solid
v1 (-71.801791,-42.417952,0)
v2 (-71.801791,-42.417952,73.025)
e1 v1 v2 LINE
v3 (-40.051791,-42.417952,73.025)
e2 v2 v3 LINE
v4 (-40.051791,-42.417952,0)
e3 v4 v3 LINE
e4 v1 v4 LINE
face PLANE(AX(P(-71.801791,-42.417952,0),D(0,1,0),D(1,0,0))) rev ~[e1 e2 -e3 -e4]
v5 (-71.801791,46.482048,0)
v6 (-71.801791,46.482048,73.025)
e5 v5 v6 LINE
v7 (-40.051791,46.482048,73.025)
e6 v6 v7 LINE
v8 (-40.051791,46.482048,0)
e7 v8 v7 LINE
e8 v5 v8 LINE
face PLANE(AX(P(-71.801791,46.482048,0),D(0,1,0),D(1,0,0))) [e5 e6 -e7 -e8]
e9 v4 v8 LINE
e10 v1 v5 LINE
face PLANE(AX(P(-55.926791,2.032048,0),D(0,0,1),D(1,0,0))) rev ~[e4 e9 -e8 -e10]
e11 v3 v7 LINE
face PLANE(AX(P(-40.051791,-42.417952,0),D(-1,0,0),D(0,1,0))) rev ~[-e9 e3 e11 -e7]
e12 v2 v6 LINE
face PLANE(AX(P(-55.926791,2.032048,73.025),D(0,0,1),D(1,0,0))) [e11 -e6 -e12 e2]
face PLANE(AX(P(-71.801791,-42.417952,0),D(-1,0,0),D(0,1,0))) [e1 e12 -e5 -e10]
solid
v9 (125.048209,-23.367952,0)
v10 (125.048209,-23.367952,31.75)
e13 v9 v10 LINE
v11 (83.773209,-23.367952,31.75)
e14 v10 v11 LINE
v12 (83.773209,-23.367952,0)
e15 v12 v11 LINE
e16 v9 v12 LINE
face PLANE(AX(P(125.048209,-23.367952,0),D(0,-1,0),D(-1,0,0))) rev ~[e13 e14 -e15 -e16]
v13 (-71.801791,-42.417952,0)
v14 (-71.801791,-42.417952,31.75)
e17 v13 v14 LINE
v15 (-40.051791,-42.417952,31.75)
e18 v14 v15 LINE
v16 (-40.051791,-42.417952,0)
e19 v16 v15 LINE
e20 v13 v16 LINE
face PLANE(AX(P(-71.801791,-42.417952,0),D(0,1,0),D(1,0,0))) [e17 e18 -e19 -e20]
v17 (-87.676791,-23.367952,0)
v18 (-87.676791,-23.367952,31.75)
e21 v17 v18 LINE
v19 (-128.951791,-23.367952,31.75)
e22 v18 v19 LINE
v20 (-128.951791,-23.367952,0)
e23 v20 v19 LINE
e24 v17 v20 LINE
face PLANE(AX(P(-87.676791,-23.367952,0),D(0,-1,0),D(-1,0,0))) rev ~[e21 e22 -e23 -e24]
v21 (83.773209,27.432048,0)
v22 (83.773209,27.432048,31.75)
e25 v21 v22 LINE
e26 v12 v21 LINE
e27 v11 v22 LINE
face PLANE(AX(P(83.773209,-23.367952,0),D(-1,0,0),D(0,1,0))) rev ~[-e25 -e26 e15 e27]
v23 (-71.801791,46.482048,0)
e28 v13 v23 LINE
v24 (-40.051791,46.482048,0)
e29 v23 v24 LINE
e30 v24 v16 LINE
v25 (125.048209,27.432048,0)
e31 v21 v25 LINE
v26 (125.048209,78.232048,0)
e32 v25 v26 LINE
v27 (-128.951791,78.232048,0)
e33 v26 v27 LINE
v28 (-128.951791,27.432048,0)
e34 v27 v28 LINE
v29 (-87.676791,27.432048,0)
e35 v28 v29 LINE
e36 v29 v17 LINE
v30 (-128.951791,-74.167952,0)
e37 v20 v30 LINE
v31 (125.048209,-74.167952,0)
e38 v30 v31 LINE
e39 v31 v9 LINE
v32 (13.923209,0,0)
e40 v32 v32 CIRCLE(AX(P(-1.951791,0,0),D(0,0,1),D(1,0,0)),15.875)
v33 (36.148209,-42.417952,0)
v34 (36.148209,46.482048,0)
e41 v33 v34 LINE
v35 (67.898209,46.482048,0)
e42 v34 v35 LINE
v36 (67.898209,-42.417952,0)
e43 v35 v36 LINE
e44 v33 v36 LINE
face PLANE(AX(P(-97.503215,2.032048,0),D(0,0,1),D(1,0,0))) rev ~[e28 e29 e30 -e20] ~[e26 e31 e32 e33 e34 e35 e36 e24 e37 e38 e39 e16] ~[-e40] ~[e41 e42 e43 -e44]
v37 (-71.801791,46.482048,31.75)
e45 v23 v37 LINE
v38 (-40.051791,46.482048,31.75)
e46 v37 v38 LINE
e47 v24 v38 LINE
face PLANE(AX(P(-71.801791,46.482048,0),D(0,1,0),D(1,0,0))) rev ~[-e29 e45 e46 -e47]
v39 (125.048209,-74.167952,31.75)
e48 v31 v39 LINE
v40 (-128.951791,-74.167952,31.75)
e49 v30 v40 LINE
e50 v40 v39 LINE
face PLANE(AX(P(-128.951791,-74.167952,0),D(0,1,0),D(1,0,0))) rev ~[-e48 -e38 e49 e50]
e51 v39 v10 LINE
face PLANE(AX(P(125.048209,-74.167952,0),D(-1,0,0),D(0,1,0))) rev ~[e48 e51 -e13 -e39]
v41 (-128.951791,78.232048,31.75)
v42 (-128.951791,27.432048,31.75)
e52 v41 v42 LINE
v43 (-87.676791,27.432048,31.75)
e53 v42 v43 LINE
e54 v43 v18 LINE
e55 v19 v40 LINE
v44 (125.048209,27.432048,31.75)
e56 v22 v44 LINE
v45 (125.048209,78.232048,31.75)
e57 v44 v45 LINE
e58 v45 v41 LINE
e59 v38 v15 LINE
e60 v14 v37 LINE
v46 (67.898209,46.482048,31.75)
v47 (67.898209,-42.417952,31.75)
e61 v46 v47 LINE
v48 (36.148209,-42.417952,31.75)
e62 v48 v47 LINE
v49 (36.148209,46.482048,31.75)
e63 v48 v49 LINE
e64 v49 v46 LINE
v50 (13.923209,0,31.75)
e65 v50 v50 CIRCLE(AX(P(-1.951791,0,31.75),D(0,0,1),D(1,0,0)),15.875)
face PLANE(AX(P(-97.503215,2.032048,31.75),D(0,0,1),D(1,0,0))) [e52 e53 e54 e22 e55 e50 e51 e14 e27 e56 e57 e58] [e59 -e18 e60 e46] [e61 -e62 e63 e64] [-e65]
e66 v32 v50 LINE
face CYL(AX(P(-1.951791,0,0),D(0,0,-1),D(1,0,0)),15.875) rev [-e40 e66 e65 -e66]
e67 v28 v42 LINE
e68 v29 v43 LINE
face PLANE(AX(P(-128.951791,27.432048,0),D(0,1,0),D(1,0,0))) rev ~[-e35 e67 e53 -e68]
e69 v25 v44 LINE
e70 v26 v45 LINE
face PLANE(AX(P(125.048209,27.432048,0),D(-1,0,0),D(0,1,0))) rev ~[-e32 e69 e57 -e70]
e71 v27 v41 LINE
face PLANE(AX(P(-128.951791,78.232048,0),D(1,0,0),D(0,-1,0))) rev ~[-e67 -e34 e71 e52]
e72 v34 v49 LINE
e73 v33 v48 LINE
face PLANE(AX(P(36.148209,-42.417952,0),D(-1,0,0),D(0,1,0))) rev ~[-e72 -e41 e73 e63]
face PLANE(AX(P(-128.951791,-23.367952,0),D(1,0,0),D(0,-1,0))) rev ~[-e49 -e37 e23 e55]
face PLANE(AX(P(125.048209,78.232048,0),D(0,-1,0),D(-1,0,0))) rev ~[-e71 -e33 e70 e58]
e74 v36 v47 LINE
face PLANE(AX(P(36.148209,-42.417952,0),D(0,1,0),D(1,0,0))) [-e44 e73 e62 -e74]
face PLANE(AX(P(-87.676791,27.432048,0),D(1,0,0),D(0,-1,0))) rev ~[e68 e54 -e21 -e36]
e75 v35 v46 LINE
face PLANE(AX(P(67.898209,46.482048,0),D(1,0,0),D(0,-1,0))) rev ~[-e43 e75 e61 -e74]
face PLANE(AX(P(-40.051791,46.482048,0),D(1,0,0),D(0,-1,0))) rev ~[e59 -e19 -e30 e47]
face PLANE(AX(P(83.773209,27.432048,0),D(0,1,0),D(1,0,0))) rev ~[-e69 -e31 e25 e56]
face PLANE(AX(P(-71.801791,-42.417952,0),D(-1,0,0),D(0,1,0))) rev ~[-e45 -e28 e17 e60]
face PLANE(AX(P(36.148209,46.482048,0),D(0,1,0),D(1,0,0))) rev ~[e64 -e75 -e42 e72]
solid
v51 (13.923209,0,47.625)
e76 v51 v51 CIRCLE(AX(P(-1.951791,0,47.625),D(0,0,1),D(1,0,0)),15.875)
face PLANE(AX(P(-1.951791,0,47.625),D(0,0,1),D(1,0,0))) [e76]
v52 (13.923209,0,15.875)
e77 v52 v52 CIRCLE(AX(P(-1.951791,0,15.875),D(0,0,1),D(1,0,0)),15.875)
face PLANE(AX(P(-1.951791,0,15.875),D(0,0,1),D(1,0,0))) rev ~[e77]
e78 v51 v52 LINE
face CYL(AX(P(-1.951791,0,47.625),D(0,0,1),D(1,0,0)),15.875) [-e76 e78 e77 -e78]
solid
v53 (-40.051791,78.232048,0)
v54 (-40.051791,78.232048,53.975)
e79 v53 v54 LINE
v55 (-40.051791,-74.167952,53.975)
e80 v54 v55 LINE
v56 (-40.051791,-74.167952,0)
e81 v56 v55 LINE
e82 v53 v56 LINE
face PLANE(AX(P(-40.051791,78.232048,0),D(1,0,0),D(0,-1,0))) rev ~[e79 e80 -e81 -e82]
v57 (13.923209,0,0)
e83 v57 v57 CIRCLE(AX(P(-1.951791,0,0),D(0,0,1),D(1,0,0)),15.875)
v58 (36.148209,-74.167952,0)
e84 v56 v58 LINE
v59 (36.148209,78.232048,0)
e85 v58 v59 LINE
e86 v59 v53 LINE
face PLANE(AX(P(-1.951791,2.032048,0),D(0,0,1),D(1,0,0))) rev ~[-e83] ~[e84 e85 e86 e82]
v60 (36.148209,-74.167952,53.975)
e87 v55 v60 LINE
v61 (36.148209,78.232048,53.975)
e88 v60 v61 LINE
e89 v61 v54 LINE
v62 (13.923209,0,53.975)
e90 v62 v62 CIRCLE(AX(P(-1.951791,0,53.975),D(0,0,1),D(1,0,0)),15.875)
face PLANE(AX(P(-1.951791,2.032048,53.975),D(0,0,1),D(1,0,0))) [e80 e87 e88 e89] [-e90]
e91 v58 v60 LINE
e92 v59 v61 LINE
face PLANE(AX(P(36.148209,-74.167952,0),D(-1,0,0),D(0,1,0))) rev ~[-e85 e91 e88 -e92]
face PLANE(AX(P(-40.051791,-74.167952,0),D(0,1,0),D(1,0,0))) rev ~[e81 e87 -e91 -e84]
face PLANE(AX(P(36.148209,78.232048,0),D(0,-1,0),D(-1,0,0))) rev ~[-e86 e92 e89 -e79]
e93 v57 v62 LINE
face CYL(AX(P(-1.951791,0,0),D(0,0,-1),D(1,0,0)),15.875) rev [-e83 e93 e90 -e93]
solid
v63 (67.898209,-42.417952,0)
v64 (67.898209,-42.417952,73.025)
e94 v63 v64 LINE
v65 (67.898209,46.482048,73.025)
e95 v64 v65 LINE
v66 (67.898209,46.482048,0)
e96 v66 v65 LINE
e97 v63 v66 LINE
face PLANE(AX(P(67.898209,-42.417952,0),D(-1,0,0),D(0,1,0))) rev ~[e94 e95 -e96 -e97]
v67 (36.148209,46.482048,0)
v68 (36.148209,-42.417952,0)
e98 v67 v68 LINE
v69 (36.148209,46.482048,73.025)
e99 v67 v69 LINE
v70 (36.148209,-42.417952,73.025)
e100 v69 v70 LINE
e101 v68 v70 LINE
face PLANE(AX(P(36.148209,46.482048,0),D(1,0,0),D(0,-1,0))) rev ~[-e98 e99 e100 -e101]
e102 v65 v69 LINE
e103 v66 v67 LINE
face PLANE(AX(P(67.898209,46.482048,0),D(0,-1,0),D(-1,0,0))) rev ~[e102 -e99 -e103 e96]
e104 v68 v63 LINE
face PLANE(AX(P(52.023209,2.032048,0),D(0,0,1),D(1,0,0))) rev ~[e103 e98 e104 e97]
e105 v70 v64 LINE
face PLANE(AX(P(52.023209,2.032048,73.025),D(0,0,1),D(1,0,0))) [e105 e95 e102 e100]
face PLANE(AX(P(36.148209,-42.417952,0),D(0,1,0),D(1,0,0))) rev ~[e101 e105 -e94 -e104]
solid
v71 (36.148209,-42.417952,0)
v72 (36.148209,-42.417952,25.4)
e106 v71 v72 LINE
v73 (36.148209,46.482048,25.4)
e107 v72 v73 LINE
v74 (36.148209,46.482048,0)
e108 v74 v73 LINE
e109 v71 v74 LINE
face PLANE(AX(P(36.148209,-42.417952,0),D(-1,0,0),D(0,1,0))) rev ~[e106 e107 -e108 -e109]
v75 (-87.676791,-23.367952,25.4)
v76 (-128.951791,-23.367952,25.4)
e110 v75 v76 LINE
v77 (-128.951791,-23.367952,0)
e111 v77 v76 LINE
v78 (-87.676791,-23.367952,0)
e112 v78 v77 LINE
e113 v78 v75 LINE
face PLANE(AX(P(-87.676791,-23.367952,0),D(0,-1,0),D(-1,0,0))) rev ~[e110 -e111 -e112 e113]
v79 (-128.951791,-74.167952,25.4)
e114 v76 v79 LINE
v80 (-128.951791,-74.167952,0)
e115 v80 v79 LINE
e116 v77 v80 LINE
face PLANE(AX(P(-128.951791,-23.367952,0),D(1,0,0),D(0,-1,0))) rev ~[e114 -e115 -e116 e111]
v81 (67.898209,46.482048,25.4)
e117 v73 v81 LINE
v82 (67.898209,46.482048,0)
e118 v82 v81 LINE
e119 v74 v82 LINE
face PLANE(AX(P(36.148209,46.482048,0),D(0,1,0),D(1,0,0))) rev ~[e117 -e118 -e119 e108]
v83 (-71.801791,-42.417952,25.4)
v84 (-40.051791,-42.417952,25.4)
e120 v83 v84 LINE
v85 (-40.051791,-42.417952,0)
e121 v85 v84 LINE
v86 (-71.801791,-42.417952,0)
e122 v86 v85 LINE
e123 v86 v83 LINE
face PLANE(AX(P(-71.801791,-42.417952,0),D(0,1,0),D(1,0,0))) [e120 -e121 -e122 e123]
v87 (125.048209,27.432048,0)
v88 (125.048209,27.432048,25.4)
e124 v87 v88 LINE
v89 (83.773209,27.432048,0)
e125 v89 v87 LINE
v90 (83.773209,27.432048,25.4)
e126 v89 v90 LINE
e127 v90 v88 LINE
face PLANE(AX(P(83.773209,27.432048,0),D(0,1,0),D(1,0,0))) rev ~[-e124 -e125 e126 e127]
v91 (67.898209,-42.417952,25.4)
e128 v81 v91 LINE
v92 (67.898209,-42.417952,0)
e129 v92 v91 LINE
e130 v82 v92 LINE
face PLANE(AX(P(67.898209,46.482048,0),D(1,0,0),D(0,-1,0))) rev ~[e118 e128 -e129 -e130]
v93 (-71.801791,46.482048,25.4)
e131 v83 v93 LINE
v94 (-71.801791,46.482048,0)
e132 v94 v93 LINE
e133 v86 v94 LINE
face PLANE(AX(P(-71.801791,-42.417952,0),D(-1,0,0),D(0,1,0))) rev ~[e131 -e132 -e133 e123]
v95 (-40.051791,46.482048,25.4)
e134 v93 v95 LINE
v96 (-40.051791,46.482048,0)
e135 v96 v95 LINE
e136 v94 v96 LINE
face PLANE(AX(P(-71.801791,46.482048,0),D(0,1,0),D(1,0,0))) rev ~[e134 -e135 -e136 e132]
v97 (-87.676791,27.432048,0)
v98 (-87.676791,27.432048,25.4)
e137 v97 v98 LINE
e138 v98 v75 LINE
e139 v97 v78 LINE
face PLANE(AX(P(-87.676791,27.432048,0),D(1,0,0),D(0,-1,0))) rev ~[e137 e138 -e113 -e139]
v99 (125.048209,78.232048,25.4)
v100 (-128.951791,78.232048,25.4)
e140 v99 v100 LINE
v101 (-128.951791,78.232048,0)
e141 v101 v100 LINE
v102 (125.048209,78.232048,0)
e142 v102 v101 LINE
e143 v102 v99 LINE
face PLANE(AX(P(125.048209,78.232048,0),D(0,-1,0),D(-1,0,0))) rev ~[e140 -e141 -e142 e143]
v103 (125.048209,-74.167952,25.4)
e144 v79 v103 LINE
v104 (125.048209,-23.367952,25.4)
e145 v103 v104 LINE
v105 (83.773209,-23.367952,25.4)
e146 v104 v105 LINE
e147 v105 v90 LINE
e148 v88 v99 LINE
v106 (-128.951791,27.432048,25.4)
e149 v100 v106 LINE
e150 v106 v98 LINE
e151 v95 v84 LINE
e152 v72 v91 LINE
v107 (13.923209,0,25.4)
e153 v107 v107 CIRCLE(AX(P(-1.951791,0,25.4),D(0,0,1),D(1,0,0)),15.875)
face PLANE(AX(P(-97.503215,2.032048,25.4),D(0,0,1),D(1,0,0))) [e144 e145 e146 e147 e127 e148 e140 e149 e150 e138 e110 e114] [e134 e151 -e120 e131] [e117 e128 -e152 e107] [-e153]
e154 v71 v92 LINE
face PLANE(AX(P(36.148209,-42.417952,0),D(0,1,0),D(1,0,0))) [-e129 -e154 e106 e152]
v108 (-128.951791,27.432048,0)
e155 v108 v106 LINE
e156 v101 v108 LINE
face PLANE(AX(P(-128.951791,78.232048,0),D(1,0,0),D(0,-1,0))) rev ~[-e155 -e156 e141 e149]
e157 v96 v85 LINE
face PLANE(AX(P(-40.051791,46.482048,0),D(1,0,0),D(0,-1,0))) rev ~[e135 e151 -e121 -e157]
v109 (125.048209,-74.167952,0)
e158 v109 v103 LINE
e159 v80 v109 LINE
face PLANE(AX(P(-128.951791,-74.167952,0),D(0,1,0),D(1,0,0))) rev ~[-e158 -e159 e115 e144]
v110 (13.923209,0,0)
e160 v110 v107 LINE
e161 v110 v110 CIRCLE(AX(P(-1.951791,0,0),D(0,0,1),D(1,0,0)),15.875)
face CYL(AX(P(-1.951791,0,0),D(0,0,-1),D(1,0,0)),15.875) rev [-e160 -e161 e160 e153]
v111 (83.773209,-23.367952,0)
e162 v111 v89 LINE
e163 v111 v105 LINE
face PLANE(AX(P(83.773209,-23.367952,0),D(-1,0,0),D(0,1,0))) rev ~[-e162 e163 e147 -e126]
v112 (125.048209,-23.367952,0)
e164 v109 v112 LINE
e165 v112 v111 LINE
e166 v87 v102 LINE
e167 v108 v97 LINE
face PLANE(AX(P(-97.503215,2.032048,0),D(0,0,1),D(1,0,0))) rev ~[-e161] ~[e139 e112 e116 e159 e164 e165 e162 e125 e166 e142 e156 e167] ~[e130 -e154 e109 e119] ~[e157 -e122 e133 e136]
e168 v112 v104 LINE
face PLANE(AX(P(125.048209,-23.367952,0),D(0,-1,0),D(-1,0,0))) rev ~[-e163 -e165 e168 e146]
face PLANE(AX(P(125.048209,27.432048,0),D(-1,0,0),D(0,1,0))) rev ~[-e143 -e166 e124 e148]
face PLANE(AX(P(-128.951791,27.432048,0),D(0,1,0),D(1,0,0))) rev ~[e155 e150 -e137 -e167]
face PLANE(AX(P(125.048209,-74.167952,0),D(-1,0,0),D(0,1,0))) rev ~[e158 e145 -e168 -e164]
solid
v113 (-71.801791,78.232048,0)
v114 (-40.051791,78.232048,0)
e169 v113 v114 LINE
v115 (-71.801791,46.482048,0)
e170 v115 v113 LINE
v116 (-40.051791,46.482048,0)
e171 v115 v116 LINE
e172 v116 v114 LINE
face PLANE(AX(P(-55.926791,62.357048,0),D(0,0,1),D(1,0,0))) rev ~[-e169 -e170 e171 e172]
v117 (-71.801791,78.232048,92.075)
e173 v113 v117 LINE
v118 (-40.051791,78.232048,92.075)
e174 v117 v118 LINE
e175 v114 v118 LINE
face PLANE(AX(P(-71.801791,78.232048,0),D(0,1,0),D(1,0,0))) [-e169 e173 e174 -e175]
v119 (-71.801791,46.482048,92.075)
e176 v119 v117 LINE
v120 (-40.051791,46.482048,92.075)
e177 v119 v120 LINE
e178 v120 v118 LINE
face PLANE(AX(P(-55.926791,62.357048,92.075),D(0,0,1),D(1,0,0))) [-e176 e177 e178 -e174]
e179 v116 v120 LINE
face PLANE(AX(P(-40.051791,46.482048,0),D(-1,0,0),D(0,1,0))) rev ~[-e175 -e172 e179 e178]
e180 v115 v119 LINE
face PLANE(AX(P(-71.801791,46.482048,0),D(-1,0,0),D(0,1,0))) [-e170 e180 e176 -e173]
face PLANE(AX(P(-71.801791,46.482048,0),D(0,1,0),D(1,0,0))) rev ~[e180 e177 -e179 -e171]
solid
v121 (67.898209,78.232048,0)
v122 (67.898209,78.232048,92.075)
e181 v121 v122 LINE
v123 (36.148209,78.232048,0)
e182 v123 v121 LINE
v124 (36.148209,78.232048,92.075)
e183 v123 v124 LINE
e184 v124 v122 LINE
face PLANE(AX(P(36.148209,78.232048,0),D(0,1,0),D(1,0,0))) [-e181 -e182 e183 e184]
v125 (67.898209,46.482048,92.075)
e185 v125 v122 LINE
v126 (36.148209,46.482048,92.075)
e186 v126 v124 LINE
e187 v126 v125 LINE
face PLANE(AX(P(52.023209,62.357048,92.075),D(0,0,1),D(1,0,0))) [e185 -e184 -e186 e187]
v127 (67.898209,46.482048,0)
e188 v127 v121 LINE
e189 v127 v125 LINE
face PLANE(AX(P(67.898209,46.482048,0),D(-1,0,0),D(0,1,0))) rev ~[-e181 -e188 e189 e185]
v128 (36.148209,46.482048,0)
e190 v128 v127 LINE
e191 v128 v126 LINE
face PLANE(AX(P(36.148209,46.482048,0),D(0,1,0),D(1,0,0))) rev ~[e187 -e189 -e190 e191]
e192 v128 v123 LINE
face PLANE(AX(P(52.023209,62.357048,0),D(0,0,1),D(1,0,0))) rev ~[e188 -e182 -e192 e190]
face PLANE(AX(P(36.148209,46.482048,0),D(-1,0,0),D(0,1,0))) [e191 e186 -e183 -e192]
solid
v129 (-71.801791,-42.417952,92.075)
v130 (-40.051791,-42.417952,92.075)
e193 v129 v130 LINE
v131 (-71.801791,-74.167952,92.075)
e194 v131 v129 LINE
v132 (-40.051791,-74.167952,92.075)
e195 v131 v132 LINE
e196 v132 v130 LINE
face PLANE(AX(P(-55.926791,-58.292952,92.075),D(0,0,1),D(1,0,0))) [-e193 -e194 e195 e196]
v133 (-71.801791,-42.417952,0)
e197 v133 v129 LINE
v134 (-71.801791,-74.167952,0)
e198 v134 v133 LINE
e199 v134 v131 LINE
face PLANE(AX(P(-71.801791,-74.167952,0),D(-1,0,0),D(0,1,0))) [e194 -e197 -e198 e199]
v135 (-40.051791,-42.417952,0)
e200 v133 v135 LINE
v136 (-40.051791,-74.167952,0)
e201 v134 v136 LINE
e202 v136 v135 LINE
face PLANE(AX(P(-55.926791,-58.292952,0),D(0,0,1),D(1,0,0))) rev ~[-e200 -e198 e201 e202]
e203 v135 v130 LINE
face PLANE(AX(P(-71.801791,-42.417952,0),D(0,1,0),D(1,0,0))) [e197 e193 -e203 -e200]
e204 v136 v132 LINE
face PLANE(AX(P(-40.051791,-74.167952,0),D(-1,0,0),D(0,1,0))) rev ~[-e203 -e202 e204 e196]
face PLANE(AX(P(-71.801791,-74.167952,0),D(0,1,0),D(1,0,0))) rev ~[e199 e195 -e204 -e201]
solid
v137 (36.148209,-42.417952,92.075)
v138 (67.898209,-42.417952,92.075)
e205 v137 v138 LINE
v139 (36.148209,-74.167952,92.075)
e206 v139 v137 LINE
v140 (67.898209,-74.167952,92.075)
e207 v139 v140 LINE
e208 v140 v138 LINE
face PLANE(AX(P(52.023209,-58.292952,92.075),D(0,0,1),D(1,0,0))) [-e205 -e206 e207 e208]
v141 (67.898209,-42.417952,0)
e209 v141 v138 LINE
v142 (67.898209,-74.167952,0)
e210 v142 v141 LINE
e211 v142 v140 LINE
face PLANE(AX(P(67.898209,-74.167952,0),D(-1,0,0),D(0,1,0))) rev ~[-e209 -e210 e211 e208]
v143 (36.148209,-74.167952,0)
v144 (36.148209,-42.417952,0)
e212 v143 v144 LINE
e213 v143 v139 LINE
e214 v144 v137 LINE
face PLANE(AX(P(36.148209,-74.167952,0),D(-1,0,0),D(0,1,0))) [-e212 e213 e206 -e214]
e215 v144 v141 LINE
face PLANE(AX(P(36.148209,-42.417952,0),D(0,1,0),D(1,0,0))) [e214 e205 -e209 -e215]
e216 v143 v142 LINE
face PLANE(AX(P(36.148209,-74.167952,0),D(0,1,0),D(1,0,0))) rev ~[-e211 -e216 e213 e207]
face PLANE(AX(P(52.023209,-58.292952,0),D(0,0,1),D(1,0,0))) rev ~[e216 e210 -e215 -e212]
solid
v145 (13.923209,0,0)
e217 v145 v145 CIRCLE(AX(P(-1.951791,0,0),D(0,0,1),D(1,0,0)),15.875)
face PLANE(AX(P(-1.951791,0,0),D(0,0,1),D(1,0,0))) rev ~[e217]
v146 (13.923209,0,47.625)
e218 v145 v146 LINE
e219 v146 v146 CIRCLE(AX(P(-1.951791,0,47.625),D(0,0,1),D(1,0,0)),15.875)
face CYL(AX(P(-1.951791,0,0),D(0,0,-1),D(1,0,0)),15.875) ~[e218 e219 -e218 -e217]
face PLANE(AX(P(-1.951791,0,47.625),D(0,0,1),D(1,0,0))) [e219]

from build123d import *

# Parameters (mm, degrees)
F0_W     = 31.75
F0_H     = 31.75
F2_DEPTH = 92.075
F1_R     = 15.875
F3_DEPTH = 53.975
F0_R     = 15.875
F4_DEPTH = 31.75
F5_DEPTH = 25.4
F0_H_2   = 88.9
F6_DEPTH = 73.025
F7_DEPTH = 47.625
F8_DEPTH = 31.75


with BuildPart() as f2:
    # F0 (on Top) → F2 (new body)
    with BuildSketch(Plane.XY):
        with Locations((-55.9267913461, -58.2929519415)):
            Rectangle(F0_W, F0_H)
    extrude(amount=F2_DEPTH)


with BuildPart() as f2b:
    # F0 (on Top) → F2, piece 2 (new body)
    with BuildSketch(Plane.XY):
        with Locations((52.0232086539, 62.3570480585)):
            Rectangle(F0_W, F0_H)
    extrude(amount=F2_DEPTH)


with BuildPart() as f2c:
    # F0 (on Top) → F2, piece 3 (new body)
    with BuildSketch(Plane.XY):
        with Locations((52.0232086539, -58.2929519415)):
            Rectangle(F0_W, F0_H)
    extrude(amount=F2_DEPTH)


with BuildPart() as f2d:
    # F0 (on Top) → F2, piece 4 (new body)
    with BuildSketch(Plane.XY):
        with Locations((-55.9267913461, 62.3570480585)):
            Rectangle(F0_W, F0_H)
    extrude(amount=F2_DEPTH)


with BuildPart() as f3:
    # F1 (on face) → F3 (new body)
    with BuildSketch(Plane.XY):
        Polygon((36.1482086539, 78.2320480585), (-1.9517913461, 78.2320480585), (-40.0517913461, 78.2320480585), (-40.0517913461, 46.4820480585), (-40.0517913461, -42.4179519415), (-40.0517913461, -74.1679519415), (-1.9517913461, -74.1679519415), (36.1482086539, -74.1679519415), (36.1482086539, -42.4179519415), (36.1482086539, 0), (36.1482086539, 46.4820480585), align=None)
        with Locations((-1.9517913461, 0)):
            Circle(F1_R, mode=Mode.SUBTRACT)
    extrude(amount=F3_DEPTH)


with BuildPart() as f4:
    # F0 (on Top) → F4 (new body)
    with BuildSketch(Plane.XY):
        Polygon((-71.8017913461, 78.2320480585), (-128.9517913461, 78.2320480585), (-128.9517913461, 27.4320480585), (-87.6767913461, 27.4320480585), (-87.6767913461, -23.3679519415), (-128.9517913461, -23.3679519415), (-128.9517913461, -74.1679519415), (-71.8017913461, -74.1679519415), (-71.8017913461, -42.4179519415), (-71.8017913461, 46.4820480585), align=None)
        with Locations((-55.9267913461, 62.3570480585)):
            Rectangle(F0_W, F0_H)
        Polygon((-1.9517913461, 78.2320480585), (-40.0517913461, 78.2320480585), (-40.0517913461, 46.4820480585), (-40.0517913461, -42.4179519415), (-40.0517913461, -74.1679519415), (-1.9517913461, -74.1679519415), (36.1482086539, -74.1679519415), (36.1482086539, -42.4179519415), (36.1482086539, 0), (36.1482086539, 46.4820480585), (36.1482086539, 78.2320480585), align=None)
        with Locations((-1.9517913461, 0)):
            Circle(F0_R, mode=Mode.SUBTRACT)
        with Locations((-55.9267913461, -58.2929519415)):
            Rectangle(F0_W, F0_H)
        with Locations((52.0232086539, 62.3570480585)):
            Rectangle(F0_W, F0_H)
        Polygon((125.0482086539, 78.2320480585), (67.8982086539, 78.2320480585), (67.8982086539, 46.4820480585), (67.8982086539, -42.4179519415), (67.8982086539, -74.1679519415), (125.0482086539, -74.1679519415), (125.0482086539, -23.3679519415), (83.7732086539, -23.3679519415), (83.7732086539, 27.4320480585), (125.0482086539, 27.4320480585), align=None)
        with Locations((52.0232086539, -58.2929519415)):
            Rectangle(F0_W, F0_H)
    extrude(amount=F4_DEPTH)


with BuildPart() as f5:
    # F0 (on Top) → F5 (new body)
    with BuildSketch(Plane.XY):
        Polygon((-71.8017913461, 78.2320480585), (-128.9517913461, 78.2320480585), (-128.9517913461, 27.4320480585), (-87.6767913461, 27.4320480585), (-87.6767913461, -23.3679519415), (-128.9517913461, -23.3679519415), (-128.9517913461, -74.1679519415), (-71.8017913461, -74.1679519415), (-71.8017913461, -42.4179519415), (-71.8017913461, 46.4820480585), align=None)
        with Locations((-55.9267913461, 62.3570480585)):
            Rectangle(F0_W, F0_H)
        Polygon((-1.9517913461, 78.2320480585), (-40.0517913461, 78.2320480585), (-40.0517913461, 46.4820480585), (-40.0517913461, -42.4179519415), (-40.0517913461, -74.1679519415), (-1.9517913461, -74.1679519415), (36.1482086539, -74.1679519415), (36.1482086539, -42.4179519415), (36.1482086539, 0), (36.1482086539, 46.4820480585), (36.1482086539, 78.2320480585), align=None)
        with Locations((-1.9517913461, 0)):
            Circle(F0_R, mode=Mode.SUBTRACT)
        with Locations((-55.9267913461, -58.2929519415)):
            Rectangle(F0_W, F0_H)
        with Locations((52.0232086539, 62.3570480585)):
            Rectangle(F0_W, F0_H)
        Polygon((125.0482086539, 78.2320480585), (67.8982086539, 78.2320480585), (67.8982086539, 46.4820480585), (67.8982086539, -42.4179519415), (67.8982086539, -74.1679519415), (125.0482086539, -74.1679519415), (125.0482086539, -23.3679519415), (83.7732086539, -23.3679519415), (83.7732086539, 27.4320480585), (125.0482086539, 27.4320480585), align=None)
        with Locations((52.0232086539, -58.2929519415)):
            Rectangle(F0_W, F0_H)
    extrude(amount=F5_DEPTH)


with BuildPart() as f6:
    # F0 (on Top) → F6 (new body)
    with BuildSketch(Plane.XY):
        with Locations((-55.9267913461, 2.0320480585)):
            Rectangle(F0_W, F0_H_2)
    extrude(amount=F6_DEPTH)


with BuildPart() as f6b:
    # F0 (on Top) → F6, piece 2 (new body)
    with BuildSketch(Plane.XY):
        Polygon((67.8982086539, 46.4820480585), (36.1482086539, 46.4820480585), (36.1482086539, 0), (36.1482086539, -42.4179519415), (67.8982086539, -42.4179519415), align=None)
    extrude(amount=F6_DEPTH)


with BuildPart() as f7:
    # F0 (on Top) → F7 (new body)
    with BuildSketch(Plane.XY):
        with Locations((-1.9517913461, 0)):
            Circle(F0_R)
    extrude(amount=F7_DEPTH)


with BuildPart() as f8:
    # F8 (new): a face of the model
    f8_faces = [f7.part.faces().sort_by_distance(p)[0] for p in [
        (-1.9517913461, 0, 47.625),
    ]]
    extrude(f8_faces, amount=-F8_DEPTH)


solid = Compound([f2.part, f2b.part, f2c.part, f2d.part, f3.part, f4.part, f5.part, f6.part, f6b.part, f7.part, f8.part])
